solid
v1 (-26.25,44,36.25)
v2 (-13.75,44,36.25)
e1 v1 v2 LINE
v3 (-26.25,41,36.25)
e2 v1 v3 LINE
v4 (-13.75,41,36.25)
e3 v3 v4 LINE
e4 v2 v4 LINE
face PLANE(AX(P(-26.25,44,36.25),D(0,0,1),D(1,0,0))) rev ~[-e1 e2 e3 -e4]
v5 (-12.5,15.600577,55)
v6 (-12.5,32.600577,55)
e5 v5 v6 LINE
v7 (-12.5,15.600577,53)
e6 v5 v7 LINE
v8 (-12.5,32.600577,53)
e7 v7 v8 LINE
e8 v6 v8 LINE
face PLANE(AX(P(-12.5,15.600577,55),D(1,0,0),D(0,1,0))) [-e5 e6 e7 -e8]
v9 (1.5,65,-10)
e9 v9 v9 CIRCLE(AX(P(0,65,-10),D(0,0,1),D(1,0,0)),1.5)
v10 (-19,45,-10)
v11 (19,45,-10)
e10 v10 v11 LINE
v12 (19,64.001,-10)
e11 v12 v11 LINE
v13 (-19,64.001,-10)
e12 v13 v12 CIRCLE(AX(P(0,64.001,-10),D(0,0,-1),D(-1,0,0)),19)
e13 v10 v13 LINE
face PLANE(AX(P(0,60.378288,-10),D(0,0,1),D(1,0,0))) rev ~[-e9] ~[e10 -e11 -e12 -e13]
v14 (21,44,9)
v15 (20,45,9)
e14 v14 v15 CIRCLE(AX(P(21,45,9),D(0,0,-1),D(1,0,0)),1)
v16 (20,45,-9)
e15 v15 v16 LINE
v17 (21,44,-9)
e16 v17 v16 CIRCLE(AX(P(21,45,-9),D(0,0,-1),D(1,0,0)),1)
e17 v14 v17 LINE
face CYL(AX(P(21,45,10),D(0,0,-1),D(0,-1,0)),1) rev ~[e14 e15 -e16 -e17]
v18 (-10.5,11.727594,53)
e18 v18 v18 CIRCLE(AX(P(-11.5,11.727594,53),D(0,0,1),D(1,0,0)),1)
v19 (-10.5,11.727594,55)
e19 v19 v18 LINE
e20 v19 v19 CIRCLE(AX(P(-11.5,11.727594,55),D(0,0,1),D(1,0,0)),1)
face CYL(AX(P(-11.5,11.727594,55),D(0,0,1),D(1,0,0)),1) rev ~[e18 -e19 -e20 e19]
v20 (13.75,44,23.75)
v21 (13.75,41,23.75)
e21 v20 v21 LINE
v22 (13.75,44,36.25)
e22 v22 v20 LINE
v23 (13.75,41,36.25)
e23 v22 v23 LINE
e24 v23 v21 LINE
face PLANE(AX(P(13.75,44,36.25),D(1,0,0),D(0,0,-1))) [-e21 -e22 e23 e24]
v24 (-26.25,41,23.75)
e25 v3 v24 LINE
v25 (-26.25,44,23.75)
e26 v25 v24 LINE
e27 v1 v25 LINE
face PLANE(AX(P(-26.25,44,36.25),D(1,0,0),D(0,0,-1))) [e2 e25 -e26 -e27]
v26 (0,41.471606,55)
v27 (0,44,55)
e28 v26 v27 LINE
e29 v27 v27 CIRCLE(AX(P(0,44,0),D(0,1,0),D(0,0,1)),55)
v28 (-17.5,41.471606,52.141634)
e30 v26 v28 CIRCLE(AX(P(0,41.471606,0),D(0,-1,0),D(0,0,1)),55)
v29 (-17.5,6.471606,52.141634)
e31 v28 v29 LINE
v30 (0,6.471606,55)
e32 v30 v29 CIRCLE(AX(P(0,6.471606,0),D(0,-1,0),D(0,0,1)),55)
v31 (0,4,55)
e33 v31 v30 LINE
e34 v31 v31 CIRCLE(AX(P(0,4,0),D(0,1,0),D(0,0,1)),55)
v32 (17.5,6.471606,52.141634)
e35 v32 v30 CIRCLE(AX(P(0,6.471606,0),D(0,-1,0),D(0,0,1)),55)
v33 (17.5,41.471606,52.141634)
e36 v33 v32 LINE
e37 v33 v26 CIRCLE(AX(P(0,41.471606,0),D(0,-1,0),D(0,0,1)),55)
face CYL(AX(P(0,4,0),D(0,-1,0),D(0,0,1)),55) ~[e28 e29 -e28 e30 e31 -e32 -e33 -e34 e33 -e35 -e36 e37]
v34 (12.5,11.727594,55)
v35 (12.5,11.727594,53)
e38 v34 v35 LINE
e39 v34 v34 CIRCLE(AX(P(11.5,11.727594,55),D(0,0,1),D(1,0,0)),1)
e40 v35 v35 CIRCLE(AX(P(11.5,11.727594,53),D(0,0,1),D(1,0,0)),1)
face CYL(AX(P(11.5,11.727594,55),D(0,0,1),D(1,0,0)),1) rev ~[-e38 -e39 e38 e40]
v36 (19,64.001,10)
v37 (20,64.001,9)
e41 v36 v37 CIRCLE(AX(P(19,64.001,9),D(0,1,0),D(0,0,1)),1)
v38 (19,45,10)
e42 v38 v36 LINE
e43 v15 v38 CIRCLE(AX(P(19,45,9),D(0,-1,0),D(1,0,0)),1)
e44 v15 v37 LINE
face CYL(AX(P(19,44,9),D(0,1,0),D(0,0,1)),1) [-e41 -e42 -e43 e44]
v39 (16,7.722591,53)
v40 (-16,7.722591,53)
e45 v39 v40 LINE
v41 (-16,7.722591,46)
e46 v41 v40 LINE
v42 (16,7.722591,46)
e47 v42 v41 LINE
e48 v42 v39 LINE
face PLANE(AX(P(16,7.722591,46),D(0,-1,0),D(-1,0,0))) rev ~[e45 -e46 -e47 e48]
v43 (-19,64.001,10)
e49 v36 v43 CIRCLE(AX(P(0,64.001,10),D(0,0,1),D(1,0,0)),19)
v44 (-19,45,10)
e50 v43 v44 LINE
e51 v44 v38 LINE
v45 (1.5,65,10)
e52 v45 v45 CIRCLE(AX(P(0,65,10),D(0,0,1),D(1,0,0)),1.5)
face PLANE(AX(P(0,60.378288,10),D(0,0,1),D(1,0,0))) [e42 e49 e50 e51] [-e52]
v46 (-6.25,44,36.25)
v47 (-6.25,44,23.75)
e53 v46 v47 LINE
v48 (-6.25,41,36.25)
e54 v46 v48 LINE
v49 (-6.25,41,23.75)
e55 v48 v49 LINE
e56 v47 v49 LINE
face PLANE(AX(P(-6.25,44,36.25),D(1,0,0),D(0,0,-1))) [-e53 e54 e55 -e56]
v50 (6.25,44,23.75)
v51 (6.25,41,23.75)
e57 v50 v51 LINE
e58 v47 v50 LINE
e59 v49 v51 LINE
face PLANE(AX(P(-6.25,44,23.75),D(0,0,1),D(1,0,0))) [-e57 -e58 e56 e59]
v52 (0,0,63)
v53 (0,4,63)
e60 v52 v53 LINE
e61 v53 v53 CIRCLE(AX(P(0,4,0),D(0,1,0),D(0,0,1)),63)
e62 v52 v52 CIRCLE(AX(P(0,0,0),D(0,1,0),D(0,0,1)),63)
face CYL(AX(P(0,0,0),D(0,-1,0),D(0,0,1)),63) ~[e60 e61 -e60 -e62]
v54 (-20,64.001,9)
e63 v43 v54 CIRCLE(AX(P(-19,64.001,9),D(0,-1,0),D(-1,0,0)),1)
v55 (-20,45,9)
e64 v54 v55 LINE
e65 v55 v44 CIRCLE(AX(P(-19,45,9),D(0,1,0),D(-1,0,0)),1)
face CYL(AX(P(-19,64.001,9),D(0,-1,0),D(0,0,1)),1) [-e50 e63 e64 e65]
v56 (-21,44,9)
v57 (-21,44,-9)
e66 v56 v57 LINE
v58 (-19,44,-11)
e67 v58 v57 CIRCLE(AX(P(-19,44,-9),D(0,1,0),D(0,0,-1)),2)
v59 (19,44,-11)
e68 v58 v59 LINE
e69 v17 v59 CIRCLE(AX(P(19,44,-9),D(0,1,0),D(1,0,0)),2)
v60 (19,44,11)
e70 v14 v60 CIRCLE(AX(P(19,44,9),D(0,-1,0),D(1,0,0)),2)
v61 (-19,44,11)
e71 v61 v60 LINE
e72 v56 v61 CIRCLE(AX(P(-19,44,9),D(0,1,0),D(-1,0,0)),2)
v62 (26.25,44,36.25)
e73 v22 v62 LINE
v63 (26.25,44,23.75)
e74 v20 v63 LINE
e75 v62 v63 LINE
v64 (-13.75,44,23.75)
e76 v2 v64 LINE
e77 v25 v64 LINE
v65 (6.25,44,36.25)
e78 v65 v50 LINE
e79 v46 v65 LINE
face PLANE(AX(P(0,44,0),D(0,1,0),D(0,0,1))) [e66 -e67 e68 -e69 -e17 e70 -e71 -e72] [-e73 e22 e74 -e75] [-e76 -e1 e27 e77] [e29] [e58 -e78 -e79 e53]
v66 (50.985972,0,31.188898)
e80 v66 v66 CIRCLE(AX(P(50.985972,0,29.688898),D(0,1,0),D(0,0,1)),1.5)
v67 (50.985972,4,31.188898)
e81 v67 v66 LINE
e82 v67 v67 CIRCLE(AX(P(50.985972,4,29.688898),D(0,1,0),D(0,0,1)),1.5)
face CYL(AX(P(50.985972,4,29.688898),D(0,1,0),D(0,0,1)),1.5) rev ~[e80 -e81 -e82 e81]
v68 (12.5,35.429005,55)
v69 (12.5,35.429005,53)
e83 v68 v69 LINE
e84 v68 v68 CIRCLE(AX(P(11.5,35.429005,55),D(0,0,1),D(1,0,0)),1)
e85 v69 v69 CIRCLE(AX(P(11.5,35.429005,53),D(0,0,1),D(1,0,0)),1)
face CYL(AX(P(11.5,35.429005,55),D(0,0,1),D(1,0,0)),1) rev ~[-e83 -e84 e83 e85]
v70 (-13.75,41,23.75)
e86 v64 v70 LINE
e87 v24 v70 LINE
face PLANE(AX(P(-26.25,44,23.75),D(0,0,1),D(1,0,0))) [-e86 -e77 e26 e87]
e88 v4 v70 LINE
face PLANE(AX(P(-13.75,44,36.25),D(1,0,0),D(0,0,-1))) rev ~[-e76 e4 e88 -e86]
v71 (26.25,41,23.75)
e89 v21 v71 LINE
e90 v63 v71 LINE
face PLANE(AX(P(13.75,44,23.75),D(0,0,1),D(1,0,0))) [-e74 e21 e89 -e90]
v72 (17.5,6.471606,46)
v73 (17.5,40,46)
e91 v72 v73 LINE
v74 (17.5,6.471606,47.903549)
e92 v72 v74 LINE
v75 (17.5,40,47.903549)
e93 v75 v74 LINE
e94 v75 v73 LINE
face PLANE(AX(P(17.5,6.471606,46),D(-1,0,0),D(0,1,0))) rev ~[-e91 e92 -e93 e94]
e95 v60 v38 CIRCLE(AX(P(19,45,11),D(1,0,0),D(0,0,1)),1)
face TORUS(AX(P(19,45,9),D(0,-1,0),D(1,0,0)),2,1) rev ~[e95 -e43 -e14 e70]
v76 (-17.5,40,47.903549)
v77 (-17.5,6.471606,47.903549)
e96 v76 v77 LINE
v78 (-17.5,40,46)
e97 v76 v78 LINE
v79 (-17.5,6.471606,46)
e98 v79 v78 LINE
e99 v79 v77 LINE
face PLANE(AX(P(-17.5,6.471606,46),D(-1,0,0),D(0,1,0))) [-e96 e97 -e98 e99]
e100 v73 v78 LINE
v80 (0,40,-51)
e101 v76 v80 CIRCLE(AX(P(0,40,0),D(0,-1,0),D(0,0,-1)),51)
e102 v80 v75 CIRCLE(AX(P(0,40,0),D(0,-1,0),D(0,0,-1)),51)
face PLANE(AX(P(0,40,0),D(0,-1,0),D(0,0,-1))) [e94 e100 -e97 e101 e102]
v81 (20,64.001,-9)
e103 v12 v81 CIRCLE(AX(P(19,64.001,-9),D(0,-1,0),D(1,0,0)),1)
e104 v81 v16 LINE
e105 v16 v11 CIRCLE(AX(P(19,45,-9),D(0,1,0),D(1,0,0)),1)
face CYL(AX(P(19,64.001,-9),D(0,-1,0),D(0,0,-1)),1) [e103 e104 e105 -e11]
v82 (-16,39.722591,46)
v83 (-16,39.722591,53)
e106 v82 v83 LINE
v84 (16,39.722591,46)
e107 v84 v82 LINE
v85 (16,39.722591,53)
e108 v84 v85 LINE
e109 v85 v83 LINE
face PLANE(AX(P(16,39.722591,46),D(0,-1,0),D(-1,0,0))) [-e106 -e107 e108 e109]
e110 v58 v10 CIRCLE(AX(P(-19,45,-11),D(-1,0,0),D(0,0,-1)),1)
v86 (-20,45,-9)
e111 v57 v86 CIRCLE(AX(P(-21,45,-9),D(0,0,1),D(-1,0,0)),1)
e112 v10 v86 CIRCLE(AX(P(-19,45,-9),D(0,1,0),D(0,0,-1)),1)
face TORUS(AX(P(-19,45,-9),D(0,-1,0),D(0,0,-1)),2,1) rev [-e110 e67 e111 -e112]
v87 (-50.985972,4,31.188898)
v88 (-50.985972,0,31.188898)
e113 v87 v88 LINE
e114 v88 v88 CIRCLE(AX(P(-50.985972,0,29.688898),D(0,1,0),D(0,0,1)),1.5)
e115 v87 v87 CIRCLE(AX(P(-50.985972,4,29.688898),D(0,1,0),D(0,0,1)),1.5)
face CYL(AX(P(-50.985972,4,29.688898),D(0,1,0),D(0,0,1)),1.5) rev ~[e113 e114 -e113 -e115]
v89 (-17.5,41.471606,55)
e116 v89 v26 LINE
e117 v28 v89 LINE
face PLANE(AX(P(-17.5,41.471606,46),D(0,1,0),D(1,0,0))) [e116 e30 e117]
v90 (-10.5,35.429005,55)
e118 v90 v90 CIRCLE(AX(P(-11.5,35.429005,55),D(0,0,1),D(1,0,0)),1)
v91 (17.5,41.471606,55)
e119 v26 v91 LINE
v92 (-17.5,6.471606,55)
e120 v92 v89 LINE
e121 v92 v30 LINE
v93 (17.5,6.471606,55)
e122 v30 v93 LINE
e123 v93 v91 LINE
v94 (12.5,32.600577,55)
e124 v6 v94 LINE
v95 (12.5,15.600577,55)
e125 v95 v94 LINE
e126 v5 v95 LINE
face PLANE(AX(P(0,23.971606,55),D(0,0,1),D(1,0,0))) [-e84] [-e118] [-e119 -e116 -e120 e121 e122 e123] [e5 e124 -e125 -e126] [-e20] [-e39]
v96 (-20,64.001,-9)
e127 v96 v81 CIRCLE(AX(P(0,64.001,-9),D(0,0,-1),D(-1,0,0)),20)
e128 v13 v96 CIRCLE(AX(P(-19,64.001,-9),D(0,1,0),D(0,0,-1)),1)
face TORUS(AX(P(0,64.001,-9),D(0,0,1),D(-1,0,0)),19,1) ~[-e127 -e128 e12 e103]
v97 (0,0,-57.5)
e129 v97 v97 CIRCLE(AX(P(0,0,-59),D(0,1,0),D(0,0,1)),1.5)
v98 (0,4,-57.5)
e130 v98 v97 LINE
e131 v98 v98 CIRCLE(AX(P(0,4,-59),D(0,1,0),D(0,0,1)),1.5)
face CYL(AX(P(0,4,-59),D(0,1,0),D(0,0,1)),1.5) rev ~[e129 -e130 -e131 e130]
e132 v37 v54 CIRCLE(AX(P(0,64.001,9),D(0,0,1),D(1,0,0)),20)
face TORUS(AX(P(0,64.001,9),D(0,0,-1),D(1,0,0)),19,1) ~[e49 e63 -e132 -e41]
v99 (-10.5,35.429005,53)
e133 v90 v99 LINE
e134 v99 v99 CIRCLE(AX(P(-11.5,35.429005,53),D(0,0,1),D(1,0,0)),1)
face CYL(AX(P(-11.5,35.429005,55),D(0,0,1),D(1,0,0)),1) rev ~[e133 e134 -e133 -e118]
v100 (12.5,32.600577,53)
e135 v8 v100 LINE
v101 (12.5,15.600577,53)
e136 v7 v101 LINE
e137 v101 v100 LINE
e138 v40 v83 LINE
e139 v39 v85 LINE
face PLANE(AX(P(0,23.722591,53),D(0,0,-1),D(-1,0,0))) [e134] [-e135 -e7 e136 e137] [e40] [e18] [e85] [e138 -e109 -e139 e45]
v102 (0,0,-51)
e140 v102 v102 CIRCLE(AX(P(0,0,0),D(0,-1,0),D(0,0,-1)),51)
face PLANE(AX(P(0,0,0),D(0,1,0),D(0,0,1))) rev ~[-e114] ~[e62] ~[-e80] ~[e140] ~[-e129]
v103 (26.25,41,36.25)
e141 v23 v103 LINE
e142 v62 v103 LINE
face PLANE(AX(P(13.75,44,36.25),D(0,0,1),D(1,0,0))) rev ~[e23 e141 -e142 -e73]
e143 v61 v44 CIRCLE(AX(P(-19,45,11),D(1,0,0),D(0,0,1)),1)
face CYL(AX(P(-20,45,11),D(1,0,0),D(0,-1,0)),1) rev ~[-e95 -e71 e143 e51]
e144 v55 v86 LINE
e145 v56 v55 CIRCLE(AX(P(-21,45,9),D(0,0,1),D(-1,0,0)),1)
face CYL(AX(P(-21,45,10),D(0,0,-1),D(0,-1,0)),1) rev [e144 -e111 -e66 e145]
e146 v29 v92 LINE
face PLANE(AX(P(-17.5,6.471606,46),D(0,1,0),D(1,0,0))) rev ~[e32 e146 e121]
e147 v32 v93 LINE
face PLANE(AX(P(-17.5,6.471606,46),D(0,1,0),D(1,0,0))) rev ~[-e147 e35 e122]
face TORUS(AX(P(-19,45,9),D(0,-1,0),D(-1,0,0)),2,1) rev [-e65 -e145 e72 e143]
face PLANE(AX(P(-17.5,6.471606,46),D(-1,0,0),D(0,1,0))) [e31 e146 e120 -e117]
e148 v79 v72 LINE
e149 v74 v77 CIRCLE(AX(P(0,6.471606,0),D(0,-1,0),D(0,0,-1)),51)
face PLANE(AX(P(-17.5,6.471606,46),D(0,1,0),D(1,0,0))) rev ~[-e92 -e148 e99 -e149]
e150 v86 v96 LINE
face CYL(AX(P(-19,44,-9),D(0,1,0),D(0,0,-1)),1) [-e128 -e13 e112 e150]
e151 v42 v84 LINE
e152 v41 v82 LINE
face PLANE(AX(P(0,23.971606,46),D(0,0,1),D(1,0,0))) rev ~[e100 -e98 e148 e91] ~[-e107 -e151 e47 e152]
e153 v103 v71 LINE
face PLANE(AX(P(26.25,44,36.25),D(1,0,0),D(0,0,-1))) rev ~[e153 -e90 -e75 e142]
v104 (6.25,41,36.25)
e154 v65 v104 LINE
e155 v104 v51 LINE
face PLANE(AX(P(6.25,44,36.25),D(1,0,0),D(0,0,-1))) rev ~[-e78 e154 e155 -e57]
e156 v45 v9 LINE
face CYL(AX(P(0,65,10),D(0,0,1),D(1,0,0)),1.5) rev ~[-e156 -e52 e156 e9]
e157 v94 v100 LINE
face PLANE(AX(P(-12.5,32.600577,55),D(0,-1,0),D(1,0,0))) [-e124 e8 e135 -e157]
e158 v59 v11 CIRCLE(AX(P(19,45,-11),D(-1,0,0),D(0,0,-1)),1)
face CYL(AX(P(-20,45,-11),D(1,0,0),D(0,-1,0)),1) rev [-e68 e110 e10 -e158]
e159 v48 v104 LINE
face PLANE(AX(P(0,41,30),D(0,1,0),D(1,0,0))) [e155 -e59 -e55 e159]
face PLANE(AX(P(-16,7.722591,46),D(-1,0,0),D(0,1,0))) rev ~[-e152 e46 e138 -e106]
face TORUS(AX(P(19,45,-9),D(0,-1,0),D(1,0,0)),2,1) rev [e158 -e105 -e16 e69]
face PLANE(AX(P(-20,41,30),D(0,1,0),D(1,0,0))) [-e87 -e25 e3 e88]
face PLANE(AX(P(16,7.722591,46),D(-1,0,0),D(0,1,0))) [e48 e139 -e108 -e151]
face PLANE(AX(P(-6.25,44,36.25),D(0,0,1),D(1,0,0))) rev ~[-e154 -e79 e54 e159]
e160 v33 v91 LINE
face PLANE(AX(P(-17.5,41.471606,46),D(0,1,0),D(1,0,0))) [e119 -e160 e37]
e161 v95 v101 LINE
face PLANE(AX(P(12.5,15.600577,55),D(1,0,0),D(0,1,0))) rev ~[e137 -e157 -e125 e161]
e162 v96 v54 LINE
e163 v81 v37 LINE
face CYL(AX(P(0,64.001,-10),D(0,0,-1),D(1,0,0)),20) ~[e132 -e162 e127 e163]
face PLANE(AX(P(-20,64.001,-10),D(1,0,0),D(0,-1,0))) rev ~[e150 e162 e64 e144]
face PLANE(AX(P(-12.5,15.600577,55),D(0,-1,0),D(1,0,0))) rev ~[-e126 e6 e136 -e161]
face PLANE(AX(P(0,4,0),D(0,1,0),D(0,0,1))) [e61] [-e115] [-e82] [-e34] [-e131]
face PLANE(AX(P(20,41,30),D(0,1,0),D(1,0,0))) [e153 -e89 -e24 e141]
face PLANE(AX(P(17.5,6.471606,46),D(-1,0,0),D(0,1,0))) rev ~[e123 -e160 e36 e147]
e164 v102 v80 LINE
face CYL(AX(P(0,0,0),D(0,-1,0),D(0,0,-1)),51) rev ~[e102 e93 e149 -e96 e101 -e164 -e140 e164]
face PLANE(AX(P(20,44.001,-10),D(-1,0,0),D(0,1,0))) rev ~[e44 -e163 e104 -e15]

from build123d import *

# Parameters (mm, degrees)
SKETCH1_R            = 63
BOSS_EXTRUDE4_DEPTH  = 4
SKETCH2_R            = 55
BOSS_EXTRUDE5_DEPTH  = 40
SKETCH3_R            = 51
CUT_EXTRUDE1_DEPTH   = 40
SKETCH9_W            = 40
SKETCH9_H            = 20
BOSS_EXTRUDE8_DEPTH  = 0.001
BOSS_EXTRUDE9_DEPTH  = 20
SKETCH12_R           = 1.5
CUT_EXTRUDE4_DEPTH   = 20
BOSS_EXTRUDE10_START = -9
SKETCH22_W           = 35
SKETCH22_H           = 35
BOSS_EXTRUDE10_DEPTH = 9
SKETCH24_W           = 32
SKETCH24_H           = 32
CUT_EXTRUDE15_DEPTH  = 7
FILLET6_R            = 1
SKETCH25_W           = 25
SKETCH25_H           = 17
CUT_EXTRUDE16_DEPTH  = 2
SKETCH26_R           = 1
CUT_EXTRUDE18_DEPTH  = 2
SKETCH30_W           = 12.5
SKETCH30_H           = 12.5
CUT_EXTRUDE24_DEPTH  = 3
SKETCH29_R           = 1.5
CUT_EXTRUDE25_DEPTH  = 4


with BuildPart() as part:
    # Sketch1 → Boss-Extrude4 (new body)
    with BuildSketch(Plane(origin=(0, 0, 0), x_dir=(1, 0, 0), z_dir=(0, 1, 0))):
        with Locations(Location((0, 0, 0), (0, 0, 270))):
            Circle(SKETCH1_R)
    extrude(amount=BOSS_EXTRUDE4_DEPTH)

    # Sketch2 → Boss-Extrude5 (add)
    with BuildSketch(Plane(origin=(0, 4, 0), x_dir=(1, 0, 0), z_dir=(0, 1, 0))):
        with Locations(Location((0, 0, 0), (0, 0, 270))):
            Circle(SKETCH2_R)
    extrude(amount=BOSS_EXTRUDE5_DEPTH)

    # Sketch3 → Cut-Extrude1 (cut)
    with BuildSketch(Plane.XZ):
        with Locations(Location((0, 0, 0), (0, 0, 270))):
            Circle(SKETCH3_R)
    extrude(amount=-CUT_EXTRUDE1_DEPTH, mode=Mode.SUBTRACT)

    # Sketch9 → Boss-Extrude8 (add)
    with BuildSketch(Plane(origin=(0, 44, 0), x_dir=(1, 0, 0), z_dir=(0, 1, 0))):
        Rectangle(SKETCH9_W, SKETCH9_H)
    extrude(amount=BOSS_EXTRUDE8_DEPTH)

    # Sketch11 → Boss-Extrude9 (add)
    with BuildSketch(Plane(origin=(0, 0, -10), x_dir=(-1, 0, 0), z_dir=(0, 0, -1))):
        with BuildLine():
            Line((-20, 44.001), (-20, 64.001))
            ThreePointArc((-20, 64.001), (0, 84.001), (20, 64.001))
            Line((20, 64.001), (20, 44.001))
            Line((20, 44.001), (-20, 44.001))
        make_face()
    extrude(amount=-BOSS_EXTRUDE9_DEPTH)

    # Sketch12 → Cut-Extrude4 (cut)
    with BuildSketch(Plane.XY.offset(10)):
        with Locations((0, 65)):
            Circle(SKETCH12_R)
    extrude(amount=-CUT_EXTRUDE4_DEPTH, mode=Mode.SUBTRACT)

    # Sketch22 → Boss-Extrude10 (add)
    with BuildSketch(Plane.XY.offset(55).offset(BOSS_EXTRUDE10_START)):
        with Locations((0, 23.97160628)):
            Rectangle(SKETCH22_W, SKETCH22_H)
    extrude(amount=BOSS_EXTRUDE10_DEPTH)

    # Sketch24 → Cut-Extrude15 (cut)
    with BuildSketch(Plane(origin=(0, 0, 46), x_dir=(-1, 0, 0), z_dir=(0, 0, -1))):
        with Locations((0, 23.722591491)):
            Rectangle(SKETCH24_W, SKETCH24_H)
    extrude(amount=-CUT_EXTRUDE15_DEPTH, mode=Mode.SUBTRACT)

    # Fillet6
    fillet6_edges = [part.edges().sort_by_distance(p)[0] for p in [
        (-20, 44, 0),
        (-20, 54.0005, -10),
        (0, 44, 10),
        (-20, 54.0005, 10),
        (20, 44, 0),
        (20, 54.0005, 10),
        (0, 44, -10),
        (20, 54.0005, -10),
        (0, 84.001, -10),
        (0, 84.001, 10),
    ]]
    fillet(fillet6_edges, radius=FILLET6_R)

    # Sketch25 → Cut-Extrude16 (cut)
    with BuildSketch(Plane.XY.offset(55)):
        with Locations((0, 24.10057748)):
            Rectangle(SKETCH25_W, SKETCH25_H)
    extrude(amount=-CUT_EXTRUDE16_DEPTH, mode=Mode.SUBTRACT)

    # Sketch26 → Cut-Extrude18 (cut)
    with BuildSketch(Plane.XY.offset(55)):
        with Locations((-11.5, 35.429004604)):
            Circle(SKETCH26_R)
        with Locations((11.5, 35.429004604)):
            Circle(SKETCH26_R)
        with Locations((11.5, 11.727594133)):
            Circle(SKETCH26_R)
        with Locations((-11.5, 11.727594133)):
            Circle(SKETCH26_R)
    extrude(amount=-CUT_EXTRUDE18_DEPTH, mode=Mode.SUBTRACT)

    # Sketch30 → Cut-Extrude24 (cut)
    with BuildSketch(Plane(origin=(0, 44, 0), x_dir=(1, 0, 0), z_dir=(0, 1, 0))):
        with Locations((20, -30)):
            Rectangle(SKETCH30_W, SKETCH30_H)
        with Locations((0, -30)):
            Rectangle(SKETCH30_W, SKETCH30_H)
        with Locations((-20, -30)):
            Rectangle(SKETCH30_W, SKETCH30_H)
    extrude(amount=-CUT_EXTRUDE24_DEPTH, mode=Mode.SUBTRACT)

    # Sketch29 → Cut-Extrude25 (cut)
    with BuildSketch(Plane(origin=(0, 4, 0), x_dir=(1, 0, 0), z_dir=(0, 1, 0))):
        with Locations(Location((0, 59, 0), (0, 0, 270))):
            Circle(SKETCH29_R)
        with Locations(Location((-50.985971771, -29.688898305, 0), (0, 0, 270))):
            Circle(SKETCH29_R)
        with Locations(Location((50.985971771, -29.688898305, 0), (0, 0, 270))):
            Circle(SKETCH29_R)
    extrude(amount=-CUT_EXTRUDE25_DEPTH, mode=Mode.SUBTRACT)


solid = part.part
